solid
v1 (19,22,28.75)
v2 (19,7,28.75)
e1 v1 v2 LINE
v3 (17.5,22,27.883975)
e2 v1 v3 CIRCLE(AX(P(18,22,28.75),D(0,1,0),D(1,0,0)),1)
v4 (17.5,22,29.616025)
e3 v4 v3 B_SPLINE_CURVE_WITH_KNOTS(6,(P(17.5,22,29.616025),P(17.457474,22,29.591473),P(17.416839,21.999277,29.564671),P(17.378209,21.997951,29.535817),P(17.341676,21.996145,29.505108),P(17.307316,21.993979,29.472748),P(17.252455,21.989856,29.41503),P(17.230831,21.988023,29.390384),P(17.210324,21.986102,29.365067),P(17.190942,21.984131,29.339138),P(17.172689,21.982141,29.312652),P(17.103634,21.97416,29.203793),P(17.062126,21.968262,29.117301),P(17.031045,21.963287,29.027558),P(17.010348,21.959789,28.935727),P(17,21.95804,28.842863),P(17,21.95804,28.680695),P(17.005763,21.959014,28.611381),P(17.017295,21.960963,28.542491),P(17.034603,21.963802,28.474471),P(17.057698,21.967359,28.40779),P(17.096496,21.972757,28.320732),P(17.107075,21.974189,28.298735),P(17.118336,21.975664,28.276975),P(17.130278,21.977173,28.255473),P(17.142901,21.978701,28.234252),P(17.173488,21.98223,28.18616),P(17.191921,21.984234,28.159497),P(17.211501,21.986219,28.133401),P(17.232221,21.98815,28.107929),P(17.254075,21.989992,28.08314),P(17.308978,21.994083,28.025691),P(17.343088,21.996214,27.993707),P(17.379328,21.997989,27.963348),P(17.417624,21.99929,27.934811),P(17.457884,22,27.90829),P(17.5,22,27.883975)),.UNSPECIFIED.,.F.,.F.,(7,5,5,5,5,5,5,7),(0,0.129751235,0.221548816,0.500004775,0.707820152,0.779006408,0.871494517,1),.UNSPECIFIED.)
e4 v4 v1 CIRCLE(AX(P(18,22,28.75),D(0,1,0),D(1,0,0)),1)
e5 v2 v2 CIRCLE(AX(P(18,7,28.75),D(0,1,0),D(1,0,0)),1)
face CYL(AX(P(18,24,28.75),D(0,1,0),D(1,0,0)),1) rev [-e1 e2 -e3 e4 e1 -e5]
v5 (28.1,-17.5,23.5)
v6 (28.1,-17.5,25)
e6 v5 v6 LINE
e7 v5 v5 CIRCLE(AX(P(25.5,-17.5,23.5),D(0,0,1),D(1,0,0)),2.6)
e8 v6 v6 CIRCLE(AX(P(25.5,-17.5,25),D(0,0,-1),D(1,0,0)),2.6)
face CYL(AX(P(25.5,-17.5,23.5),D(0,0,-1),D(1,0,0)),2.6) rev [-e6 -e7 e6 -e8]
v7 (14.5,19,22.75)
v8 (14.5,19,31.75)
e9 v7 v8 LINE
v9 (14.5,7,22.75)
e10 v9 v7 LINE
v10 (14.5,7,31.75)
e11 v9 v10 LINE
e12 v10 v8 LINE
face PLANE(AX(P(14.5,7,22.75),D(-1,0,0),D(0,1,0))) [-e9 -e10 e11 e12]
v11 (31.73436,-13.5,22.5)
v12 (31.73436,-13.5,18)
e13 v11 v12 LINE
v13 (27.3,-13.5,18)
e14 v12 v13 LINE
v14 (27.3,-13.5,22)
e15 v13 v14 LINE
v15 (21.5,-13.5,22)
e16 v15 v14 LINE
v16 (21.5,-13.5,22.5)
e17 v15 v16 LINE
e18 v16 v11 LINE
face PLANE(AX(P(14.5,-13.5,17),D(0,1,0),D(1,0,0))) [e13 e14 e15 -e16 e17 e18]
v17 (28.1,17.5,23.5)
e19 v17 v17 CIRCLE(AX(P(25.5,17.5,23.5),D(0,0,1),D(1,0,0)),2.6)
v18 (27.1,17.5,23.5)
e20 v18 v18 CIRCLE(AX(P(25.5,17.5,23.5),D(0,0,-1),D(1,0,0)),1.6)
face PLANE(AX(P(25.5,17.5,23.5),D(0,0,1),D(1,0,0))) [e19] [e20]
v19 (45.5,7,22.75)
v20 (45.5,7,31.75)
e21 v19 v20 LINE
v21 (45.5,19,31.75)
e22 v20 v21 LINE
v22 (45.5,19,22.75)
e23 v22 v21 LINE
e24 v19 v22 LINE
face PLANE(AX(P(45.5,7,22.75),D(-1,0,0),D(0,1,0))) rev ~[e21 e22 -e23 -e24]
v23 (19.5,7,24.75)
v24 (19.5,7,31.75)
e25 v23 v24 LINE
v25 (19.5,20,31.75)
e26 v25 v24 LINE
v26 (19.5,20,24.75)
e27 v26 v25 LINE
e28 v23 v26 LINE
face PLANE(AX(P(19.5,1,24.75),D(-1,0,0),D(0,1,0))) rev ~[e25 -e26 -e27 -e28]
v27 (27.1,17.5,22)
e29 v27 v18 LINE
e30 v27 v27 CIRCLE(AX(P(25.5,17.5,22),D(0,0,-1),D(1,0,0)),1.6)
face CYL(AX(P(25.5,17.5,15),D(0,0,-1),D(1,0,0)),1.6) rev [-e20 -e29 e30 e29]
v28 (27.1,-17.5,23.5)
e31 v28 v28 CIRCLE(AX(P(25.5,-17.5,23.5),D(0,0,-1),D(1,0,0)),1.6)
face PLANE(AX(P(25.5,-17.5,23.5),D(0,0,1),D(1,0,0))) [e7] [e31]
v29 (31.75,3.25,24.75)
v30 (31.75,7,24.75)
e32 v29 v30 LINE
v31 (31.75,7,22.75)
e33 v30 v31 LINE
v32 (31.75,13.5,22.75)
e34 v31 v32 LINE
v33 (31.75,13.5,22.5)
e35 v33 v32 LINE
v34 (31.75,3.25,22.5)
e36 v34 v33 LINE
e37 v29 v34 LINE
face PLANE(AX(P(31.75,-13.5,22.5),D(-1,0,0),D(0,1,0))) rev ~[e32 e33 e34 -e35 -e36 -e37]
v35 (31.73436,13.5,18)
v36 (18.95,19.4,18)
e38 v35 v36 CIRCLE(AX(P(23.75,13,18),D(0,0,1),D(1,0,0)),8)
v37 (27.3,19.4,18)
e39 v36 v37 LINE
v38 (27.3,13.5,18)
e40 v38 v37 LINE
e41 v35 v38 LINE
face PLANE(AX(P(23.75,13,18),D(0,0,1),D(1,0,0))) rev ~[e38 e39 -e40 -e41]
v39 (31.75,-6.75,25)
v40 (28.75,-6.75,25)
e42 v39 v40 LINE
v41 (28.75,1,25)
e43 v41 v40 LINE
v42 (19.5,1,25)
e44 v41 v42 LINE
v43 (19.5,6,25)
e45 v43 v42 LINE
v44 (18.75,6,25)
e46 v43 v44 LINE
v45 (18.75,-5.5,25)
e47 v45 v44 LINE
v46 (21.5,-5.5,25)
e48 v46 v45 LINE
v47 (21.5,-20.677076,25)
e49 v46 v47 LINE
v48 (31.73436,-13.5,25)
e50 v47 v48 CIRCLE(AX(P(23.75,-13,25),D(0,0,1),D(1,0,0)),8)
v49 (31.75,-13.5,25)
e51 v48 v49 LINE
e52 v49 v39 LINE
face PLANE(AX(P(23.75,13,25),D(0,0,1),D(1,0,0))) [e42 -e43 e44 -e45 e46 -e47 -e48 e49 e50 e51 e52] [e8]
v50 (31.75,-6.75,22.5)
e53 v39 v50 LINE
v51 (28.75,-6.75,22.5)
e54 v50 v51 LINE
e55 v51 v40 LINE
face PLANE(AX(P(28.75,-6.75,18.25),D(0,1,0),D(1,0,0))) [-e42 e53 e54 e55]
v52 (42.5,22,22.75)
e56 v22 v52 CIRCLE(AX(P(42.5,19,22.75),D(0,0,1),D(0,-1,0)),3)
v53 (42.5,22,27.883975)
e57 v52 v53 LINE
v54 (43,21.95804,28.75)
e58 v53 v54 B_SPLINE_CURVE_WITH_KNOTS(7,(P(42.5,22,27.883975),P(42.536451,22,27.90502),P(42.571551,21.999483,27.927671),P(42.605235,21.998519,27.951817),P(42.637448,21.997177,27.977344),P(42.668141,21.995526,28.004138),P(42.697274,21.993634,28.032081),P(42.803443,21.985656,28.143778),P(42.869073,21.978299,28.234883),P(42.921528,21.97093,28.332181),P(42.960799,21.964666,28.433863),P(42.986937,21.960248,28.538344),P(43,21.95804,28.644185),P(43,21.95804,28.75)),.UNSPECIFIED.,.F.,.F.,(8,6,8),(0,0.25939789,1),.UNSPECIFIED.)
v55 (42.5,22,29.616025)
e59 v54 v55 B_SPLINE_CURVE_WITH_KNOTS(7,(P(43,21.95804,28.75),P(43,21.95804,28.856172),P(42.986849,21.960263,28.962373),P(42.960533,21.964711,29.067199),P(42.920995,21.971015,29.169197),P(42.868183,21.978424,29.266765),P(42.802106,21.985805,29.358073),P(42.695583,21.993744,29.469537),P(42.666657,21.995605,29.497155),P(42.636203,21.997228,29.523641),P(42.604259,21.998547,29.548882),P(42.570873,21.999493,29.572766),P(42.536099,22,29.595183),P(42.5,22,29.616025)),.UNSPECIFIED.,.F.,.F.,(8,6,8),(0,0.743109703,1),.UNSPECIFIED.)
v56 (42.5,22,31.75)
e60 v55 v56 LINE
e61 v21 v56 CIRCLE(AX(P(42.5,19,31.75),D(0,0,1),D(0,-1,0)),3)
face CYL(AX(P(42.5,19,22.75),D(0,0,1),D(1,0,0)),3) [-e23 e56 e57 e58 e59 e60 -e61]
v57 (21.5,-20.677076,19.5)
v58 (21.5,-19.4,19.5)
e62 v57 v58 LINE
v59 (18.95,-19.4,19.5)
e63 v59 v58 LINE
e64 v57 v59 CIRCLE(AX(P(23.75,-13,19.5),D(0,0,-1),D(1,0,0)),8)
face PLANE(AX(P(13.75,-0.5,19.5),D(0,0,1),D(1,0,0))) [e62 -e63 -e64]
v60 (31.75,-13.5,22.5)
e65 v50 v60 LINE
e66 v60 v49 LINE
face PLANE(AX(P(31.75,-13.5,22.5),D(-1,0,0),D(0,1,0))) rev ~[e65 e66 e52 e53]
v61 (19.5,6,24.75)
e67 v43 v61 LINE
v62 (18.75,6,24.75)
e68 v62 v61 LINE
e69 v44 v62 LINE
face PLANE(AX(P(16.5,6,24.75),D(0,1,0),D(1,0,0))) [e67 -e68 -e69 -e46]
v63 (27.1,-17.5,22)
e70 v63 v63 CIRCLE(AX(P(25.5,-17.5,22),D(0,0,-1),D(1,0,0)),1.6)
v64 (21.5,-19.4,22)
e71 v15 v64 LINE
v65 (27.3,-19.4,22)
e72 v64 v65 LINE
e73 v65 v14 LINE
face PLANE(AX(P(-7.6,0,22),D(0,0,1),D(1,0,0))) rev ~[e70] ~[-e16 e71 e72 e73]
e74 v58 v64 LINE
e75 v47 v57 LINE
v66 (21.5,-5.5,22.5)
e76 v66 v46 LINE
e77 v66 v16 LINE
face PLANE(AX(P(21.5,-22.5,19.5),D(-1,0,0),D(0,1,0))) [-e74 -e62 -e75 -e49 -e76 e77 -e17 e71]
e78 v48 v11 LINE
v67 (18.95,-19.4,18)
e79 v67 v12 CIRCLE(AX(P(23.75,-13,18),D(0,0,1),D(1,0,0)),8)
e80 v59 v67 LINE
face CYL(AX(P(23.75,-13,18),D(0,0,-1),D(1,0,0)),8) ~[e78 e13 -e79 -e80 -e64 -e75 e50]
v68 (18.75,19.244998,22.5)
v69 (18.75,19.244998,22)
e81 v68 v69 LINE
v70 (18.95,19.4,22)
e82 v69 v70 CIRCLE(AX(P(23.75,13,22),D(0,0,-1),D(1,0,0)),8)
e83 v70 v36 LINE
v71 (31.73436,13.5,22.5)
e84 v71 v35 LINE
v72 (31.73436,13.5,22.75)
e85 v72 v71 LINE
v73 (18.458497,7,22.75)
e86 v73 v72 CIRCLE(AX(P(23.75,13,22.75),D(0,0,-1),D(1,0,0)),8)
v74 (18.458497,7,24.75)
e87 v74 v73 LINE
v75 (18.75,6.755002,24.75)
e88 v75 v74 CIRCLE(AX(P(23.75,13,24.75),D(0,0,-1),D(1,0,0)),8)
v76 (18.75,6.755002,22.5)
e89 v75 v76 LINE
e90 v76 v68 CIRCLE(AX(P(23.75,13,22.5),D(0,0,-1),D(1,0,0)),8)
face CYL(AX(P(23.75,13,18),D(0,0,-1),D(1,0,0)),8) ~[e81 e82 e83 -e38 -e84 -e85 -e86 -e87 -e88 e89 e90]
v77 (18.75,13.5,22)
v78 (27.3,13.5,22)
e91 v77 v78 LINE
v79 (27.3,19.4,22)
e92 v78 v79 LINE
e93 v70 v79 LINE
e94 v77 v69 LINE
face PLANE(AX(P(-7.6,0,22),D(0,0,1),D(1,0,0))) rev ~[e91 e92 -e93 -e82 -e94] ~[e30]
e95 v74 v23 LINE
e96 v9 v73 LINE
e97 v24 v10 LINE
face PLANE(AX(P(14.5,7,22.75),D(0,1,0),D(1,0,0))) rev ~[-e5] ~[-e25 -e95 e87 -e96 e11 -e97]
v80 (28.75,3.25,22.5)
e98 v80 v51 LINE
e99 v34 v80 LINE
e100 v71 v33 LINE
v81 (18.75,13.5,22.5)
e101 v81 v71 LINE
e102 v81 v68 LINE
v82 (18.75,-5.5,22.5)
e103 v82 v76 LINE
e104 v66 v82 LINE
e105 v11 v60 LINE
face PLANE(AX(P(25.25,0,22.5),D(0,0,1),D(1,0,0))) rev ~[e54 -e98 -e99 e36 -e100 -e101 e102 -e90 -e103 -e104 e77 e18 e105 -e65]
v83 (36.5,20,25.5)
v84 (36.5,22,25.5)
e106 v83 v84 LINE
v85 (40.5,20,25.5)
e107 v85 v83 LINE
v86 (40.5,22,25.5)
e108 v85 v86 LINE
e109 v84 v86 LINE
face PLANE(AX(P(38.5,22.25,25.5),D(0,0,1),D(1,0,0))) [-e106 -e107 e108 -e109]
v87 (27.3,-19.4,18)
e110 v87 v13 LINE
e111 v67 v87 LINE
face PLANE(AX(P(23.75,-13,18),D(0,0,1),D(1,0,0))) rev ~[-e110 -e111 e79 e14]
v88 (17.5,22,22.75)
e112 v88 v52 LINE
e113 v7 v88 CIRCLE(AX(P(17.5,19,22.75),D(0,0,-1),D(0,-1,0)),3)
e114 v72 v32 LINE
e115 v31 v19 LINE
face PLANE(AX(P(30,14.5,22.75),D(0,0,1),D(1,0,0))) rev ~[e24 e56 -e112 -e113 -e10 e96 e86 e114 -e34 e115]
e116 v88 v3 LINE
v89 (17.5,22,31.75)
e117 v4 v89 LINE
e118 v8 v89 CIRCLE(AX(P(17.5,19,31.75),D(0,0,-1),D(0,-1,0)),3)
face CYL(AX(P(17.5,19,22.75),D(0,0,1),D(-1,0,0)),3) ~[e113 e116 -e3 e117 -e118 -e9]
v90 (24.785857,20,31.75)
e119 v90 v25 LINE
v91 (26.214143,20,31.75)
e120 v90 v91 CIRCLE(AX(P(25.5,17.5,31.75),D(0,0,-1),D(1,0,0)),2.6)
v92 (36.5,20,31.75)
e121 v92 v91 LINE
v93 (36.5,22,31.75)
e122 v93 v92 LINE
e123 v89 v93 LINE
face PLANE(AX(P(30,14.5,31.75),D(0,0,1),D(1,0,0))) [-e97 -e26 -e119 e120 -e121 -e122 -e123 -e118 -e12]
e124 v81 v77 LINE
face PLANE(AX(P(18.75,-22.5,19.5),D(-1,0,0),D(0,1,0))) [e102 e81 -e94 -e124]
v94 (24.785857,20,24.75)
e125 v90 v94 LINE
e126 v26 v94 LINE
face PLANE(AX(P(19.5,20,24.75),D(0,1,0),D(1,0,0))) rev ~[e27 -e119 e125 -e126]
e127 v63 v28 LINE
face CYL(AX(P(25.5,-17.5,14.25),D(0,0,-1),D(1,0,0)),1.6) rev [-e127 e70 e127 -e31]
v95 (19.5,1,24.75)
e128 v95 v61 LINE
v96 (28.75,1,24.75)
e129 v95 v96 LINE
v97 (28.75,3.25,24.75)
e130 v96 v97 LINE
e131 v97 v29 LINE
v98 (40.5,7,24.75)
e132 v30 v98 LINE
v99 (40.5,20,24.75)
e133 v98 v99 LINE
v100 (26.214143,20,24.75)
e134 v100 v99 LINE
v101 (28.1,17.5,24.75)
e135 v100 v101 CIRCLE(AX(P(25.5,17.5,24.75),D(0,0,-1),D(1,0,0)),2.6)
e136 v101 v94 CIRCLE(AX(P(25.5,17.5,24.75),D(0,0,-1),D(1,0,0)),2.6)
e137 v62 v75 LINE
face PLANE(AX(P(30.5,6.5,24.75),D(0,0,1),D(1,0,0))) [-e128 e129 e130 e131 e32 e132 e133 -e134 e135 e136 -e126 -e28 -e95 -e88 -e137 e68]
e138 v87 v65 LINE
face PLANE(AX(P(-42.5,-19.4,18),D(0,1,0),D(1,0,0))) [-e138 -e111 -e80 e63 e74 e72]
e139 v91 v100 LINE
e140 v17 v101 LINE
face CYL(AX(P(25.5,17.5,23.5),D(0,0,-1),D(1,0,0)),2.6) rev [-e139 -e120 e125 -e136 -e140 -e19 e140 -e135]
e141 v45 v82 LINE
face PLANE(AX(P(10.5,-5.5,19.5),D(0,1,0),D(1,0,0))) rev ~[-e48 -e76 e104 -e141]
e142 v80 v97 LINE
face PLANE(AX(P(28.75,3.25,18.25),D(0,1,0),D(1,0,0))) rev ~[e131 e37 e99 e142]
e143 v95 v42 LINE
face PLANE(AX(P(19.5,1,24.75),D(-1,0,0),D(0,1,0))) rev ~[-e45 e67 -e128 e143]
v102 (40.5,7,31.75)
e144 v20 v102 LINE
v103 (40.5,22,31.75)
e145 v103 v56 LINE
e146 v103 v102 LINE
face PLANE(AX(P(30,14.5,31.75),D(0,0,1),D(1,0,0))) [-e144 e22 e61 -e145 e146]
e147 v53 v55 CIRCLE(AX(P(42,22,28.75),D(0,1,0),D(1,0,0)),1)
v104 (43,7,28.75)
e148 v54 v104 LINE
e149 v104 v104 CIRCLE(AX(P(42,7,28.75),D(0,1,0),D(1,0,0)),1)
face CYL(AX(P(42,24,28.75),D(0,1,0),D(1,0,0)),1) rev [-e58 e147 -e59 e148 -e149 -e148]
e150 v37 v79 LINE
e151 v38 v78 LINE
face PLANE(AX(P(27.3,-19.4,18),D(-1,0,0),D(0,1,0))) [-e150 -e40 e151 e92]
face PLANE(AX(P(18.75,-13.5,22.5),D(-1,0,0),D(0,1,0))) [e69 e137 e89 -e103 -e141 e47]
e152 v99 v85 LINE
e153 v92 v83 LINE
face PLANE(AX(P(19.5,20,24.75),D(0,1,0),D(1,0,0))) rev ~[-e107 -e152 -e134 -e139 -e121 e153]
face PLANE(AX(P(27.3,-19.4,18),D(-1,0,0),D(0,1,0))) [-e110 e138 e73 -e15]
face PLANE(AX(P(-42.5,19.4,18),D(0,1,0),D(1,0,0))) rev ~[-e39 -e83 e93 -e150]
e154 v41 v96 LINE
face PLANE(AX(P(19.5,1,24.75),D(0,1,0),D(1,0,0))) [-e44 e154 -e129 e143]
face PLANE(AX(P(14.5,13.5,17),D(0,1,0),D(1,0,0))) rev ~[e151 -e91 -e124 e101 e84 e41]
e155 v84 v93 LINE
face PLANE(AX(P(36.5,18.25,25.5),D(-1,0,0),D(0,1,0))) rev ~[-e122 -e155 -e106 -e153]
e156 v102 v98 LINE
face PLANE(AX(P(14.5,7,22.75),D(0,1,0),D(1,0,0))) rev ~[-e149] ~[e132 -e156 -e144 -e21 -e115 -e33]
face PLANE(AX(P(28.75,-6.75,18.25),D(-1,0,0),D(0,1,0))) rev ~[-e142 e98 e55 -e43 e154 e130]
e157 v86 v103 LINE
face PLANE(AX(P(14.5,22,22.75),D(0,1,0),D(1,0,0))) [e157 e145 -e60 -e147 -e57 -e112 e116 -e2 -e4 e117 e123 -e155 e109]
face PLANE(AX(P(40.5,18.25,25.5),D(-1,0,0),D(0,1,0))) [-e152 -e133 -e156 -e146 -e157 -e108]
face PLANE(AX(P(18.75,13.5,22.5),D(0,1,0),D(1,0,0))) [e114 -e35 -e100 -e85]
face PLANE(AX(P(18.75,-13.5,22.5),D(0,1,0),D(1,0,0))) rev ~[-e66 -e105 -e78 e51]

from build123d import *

# Parameters (mm, degrees)
CYLINDER298_R     = 1
CYLINDER298_DEPTH = 20
CYLINDER299_R     = 1
CYLINDER299_DEPTH = 20
BOX220_W          = 28
BOX220_H          = 1
BOX220_DEPTH      = 8
BOX197_W          = 21
BOX197_H          = 19
BOX197_DEPTH      = 8
BOX221_W          = 18
BOX221_H          = 27
BOX221_DEPTH      = 5.5
CYLINDER296_R     = 1.6
CYLINDER296_DEPTH = 10
CYLINDER297_R     = 1.6
CYLINDER297_DEPTH = 10
BOX224_W          = 69.8
BOX224_H          = 38.8
BOX224_DEPTH      = 4
CYLINDER300_R     = 2.6
CYLINDER300_DEPTH = 10
CYLINDER301_R     = 2.6
CYLINDER301_DEPTH = 10
BOX226_W          = 11
BOX226_H          = 17
BOX226_DEPTH      = 6
BOX227_W          = 4
BOX227_H          = 8
BOX227_DEPTH      = 11
BOX232_W          = 10
BOX232_H          = 10
BOX232_DEPTH      = 10
BOX222_W          = 10
BOX222_H          = 44
BOX222_DEPTH      = 3
CYLINDER295_R     = 8
CYLINDER295_DEPTH = 7
CYLINDER294_R     = 8
CYLINDER294_DEPTH = 7
BOX225_W          = 31
BOX225_H          = 15
BOX225_DEPTH      = 9
FILLET121_R       = 3
BOX223_W          = 13
BOX223_H          = 27
BOX223_DEPTH      = 2.5


with BuildPart() as zylinder300:
    # Cylinder298 → Cylinder298 (new body)
    with BuildSketch(Plane(origin=(22.5, 23, 30.5), x_dir=(1, 0, 0), z_dir=(0, -1, 0))):
        Circle(CYLINDER298_R)
    extrude(amount=CYLINDER298_DEPTH)


with BuildPart() as zylinder301:
    # Cylinder299 → Cylinder299 (new body)
    with BuildSketch(Plane(origin=(-1.5, 23, 30.5), x_dir=(1, 0, 0), z_dir=(0, -1, 0))):
        Circle(CYLINDER299_R)
    extrude(amount=CYLINDER299_DEPTH)


with BuildPart() as w_rfel208:
    # Box220 → Box220 (new body)
    with BuildSketch(Plane(origin=(-3, 5, 26.5), x_dir=(1, 0, 0), z_dir=(0, 0, 1))):
        with Locations((14, 0.5)):
            Rectangle(BOX220_W, BOX220_H)
    extrude(amount=BOX220_DEPTH)


with BuildPart() as fusion207:
    # Box197 → Box197 (new body)
    with BuildSketch(Plane.XY.offset(26.5)):
        with Locations((10.5, 9.5)):
            Rectangle(BOX197_W, BOX197_H)
    extrude(amount=BOX197_DEPTH)

    # Fusion206: union Würfel208
    add(w_rfel208.part)

    # Fusion207: union Zylinder300, Zylinder301
    add(zylinder300.part)
    add(zylinder301.part)


with BuildPart() as fusion207_1:
    # Fusion207 placement: moved
    add(fusion207.part.moved(Location((19.5, 1, -3.75))))


with BuildPart() as w_rfel209:
    # Box221 → Box221 (new body)
    with BuildSketch(Plane(origin=(14.5, -13.5, 15), x_dir=(1, 0, 0), z_dir=(0, 0, 1))):
        with Locations((9, 13.5)):
            Rectangle(BOX221_W, BOX221_H)
    extrude(amount=BOX221_DEPTH)


with BuildPart() as zylinder298:
    # Cylinder296 → Cylinder296 (new body)
    with BuildSketch(Plane(origin=(25.5, -17.5, 12.25), x_dir=(1, 0, 0), z_dir=(0, 0, 1))):
        Circle(CYLINDER296_R)
    extrude(amount=CYLINDER296_DEPTH)


with BuildPart() as zylinder299:
    # Cylinder297 → Cylinder297 (new body)
    with BuildSketch(Plane(origin=(25.5, 17.5, 13), x_dir=(1, 0, 0), z_dir=(0, 0, 1))):
        Circle(CYLINDER297_R)
    extrude(amount=CYLINDER297_DEPTH)


with BuildPart() as board005:
    # Box224 → Box224 (new body)
    with BuildSketch(Plane(origin=(-42.5, -19.4, 16), x_dir=(1, 0, 0), z_dir=(0, 0, 1))):
        with Locations((34.9, 19.4)):
            Rectangle(BOX224_W, BOX224_H)
    extrude(amount=BOX224_DEPTH)


with BuildPart() as zylinder302:
    # Cylinder300 → Cylinder300 (new body)
    with BuildSketch(Plane(origin=(25.5, -17.5, 21.5), x_dir=(1, 0, 0), z_dir=(0, 0, 1))):
        Circle(CYLINDER300_R)
    extrude(amount=CYLINDER300_DEPTH)


with BuildPart() as zylinder303:
    # Cylinder301 → Cylinder301 (new body)
    with BuildSketch(Plane(origin=(25.5, 17.5, 21.5), x_dir=(1, 0, 0), z_dir=(0, 0, 1))):
        Circle(CYLINDER301_R)
    extrude(amount=CYLINDER301_DEPTH)


with BuildPart() as w_rfel213:
    # Box226 → Box226 (new body)
    with BuildSketch(Plane(origin=(10.5, -22.5, 17.5), x_dir=(1, 0, 0), z_dir=(0, 0, 1))):
        with Locations((5.5, 8.5)):
            Rectangle(BOX226_W, BOX226_H)
    extrude(amount=BOX226_DEPTH)


with BuildPart() as w_rfel214:
    # Box227 → Box227 (new body)
    with BuildSketch(Plane(origin=(36.5, 18.25, 23.5), x_dir=(1, 0, 0), z_dir=(0, 0, 1))):
        with Locations((2, 4)):
            Rectangle(BOX227_W, BOX227_H)
    extrude(amount=BOX227_DEPTH)


with BuildPart() as w_rfel219:
    # Box232 → Box232 (new body)
    with BuildSketch(Plane(origin=(28.75, -6.75, 16.25), x_dir=(1, 0, 0), z_dir=(0, 0, 1))):
        with Locations((5, 5)):
            Rectangle(BOX232_W, BOX232_H)
    extrude(amount=BOX232_DEPTH)


with BuildPart() as fusion204:
    # Box222 → Box222 (new body)
    with BuildSketch(Plane(origin=(8.75, -22.5, 17.5), x_dir=(1, 0, 0), z_dir=(0, 0, 1))):
        with Locations((5, 22)):
            Rectangle(BOX222_W, BOX222_H)
    extrude(amount=BOX222_DEPTH)

    # Fusion204: union Würfel209, Zylinder298, Zylinder299, board005, Zylinder302, Zylinder303, Würfel213, Würfel214, Würfel219
    add(w_rfel209.part)
    add(zylinder298.part)
    add(zylinder299.part)
    add(board005.part)
    add(zylinder302.part)
    add(zylinder303.part)
    add(w_rfel213.part)
    add(w_rfel214.part)
    add(w_rfel219.part)


with BuildPart() as zylinder297:
    # Cylinder295 → Cylinder295 (new body)
    with BuildSketch(Plane(origin=(23.75, -13, 16), x_dir=(1, 0, 0), z_dir=(0, 0, 1))):
        Circle(CYLINDER295_R)
    extrude(amount=CYLINDER295_DEPTH)


with BuildPart() as zylinder296:
    # Cylinder294 → Cylinder294 (new body)
    with BuildSketch(Plane(origin=(23.75, 13, 16), x_dir=(1, 0, 0), z_dir=(0, 0, 1))):
        Circle(CYLINDER294_R)
    extrude(amount=CYLINDER294_DEPTH)


with BuildPart() as fillet121:
    # Box225 → Box225 (new body)
    with BuildSketch(Plane(origin=(14.5, 7, 20.75), x_dir=(1, 0, 0), z_dir=(0, 0, 1))):
        with Locations((15.5, 7.5)):
            Rectangle(BOX225_W, BOX225_H)
    extrude(amount=BOX225_DEPTH)

    # Fillet121
    fillet121_edges = [fillet121.edges().sort_by_distance(p)[0] for p in [
        (14.5, 22, 25.25),
        (45.5, 22, 25.25),
    ]]
    fillet(fillet121_edges, radius=FILLET121_R)


with BuildPart() as cut141:
    # Box223 → Box223 (new body)
    with BuildSketch(Plane(origin=(18.75, -13.5, 20.5), x_dir=(1, 0, 0), z_dir=(0, 0, 1))):
        with Locations((6.5, 13.5)):
            Rectangle(BOX223_W, BOX223_H)
    extrude(amount=BOX223_DEPTH)

    # Fusion205: union Zylinder297, Zylinder296, Fillet121
    add(zylinder297.part)
    add(zylinder296.part)
    add(fillet121.part)

    # Cut140: cut Fusion204
    add(fusion204.part, mode=Mode.SUBTRACT)

    # Cut141: cut Fusion207
    add(fusion207_1.part, mode=Mode.SUBTRACT)


with BuildPart() as cut141_1:
    # Cut141 placement: moved
    add(cut141.part.moved(Location((0, 0, 2))))


solid = cut141_1.part
